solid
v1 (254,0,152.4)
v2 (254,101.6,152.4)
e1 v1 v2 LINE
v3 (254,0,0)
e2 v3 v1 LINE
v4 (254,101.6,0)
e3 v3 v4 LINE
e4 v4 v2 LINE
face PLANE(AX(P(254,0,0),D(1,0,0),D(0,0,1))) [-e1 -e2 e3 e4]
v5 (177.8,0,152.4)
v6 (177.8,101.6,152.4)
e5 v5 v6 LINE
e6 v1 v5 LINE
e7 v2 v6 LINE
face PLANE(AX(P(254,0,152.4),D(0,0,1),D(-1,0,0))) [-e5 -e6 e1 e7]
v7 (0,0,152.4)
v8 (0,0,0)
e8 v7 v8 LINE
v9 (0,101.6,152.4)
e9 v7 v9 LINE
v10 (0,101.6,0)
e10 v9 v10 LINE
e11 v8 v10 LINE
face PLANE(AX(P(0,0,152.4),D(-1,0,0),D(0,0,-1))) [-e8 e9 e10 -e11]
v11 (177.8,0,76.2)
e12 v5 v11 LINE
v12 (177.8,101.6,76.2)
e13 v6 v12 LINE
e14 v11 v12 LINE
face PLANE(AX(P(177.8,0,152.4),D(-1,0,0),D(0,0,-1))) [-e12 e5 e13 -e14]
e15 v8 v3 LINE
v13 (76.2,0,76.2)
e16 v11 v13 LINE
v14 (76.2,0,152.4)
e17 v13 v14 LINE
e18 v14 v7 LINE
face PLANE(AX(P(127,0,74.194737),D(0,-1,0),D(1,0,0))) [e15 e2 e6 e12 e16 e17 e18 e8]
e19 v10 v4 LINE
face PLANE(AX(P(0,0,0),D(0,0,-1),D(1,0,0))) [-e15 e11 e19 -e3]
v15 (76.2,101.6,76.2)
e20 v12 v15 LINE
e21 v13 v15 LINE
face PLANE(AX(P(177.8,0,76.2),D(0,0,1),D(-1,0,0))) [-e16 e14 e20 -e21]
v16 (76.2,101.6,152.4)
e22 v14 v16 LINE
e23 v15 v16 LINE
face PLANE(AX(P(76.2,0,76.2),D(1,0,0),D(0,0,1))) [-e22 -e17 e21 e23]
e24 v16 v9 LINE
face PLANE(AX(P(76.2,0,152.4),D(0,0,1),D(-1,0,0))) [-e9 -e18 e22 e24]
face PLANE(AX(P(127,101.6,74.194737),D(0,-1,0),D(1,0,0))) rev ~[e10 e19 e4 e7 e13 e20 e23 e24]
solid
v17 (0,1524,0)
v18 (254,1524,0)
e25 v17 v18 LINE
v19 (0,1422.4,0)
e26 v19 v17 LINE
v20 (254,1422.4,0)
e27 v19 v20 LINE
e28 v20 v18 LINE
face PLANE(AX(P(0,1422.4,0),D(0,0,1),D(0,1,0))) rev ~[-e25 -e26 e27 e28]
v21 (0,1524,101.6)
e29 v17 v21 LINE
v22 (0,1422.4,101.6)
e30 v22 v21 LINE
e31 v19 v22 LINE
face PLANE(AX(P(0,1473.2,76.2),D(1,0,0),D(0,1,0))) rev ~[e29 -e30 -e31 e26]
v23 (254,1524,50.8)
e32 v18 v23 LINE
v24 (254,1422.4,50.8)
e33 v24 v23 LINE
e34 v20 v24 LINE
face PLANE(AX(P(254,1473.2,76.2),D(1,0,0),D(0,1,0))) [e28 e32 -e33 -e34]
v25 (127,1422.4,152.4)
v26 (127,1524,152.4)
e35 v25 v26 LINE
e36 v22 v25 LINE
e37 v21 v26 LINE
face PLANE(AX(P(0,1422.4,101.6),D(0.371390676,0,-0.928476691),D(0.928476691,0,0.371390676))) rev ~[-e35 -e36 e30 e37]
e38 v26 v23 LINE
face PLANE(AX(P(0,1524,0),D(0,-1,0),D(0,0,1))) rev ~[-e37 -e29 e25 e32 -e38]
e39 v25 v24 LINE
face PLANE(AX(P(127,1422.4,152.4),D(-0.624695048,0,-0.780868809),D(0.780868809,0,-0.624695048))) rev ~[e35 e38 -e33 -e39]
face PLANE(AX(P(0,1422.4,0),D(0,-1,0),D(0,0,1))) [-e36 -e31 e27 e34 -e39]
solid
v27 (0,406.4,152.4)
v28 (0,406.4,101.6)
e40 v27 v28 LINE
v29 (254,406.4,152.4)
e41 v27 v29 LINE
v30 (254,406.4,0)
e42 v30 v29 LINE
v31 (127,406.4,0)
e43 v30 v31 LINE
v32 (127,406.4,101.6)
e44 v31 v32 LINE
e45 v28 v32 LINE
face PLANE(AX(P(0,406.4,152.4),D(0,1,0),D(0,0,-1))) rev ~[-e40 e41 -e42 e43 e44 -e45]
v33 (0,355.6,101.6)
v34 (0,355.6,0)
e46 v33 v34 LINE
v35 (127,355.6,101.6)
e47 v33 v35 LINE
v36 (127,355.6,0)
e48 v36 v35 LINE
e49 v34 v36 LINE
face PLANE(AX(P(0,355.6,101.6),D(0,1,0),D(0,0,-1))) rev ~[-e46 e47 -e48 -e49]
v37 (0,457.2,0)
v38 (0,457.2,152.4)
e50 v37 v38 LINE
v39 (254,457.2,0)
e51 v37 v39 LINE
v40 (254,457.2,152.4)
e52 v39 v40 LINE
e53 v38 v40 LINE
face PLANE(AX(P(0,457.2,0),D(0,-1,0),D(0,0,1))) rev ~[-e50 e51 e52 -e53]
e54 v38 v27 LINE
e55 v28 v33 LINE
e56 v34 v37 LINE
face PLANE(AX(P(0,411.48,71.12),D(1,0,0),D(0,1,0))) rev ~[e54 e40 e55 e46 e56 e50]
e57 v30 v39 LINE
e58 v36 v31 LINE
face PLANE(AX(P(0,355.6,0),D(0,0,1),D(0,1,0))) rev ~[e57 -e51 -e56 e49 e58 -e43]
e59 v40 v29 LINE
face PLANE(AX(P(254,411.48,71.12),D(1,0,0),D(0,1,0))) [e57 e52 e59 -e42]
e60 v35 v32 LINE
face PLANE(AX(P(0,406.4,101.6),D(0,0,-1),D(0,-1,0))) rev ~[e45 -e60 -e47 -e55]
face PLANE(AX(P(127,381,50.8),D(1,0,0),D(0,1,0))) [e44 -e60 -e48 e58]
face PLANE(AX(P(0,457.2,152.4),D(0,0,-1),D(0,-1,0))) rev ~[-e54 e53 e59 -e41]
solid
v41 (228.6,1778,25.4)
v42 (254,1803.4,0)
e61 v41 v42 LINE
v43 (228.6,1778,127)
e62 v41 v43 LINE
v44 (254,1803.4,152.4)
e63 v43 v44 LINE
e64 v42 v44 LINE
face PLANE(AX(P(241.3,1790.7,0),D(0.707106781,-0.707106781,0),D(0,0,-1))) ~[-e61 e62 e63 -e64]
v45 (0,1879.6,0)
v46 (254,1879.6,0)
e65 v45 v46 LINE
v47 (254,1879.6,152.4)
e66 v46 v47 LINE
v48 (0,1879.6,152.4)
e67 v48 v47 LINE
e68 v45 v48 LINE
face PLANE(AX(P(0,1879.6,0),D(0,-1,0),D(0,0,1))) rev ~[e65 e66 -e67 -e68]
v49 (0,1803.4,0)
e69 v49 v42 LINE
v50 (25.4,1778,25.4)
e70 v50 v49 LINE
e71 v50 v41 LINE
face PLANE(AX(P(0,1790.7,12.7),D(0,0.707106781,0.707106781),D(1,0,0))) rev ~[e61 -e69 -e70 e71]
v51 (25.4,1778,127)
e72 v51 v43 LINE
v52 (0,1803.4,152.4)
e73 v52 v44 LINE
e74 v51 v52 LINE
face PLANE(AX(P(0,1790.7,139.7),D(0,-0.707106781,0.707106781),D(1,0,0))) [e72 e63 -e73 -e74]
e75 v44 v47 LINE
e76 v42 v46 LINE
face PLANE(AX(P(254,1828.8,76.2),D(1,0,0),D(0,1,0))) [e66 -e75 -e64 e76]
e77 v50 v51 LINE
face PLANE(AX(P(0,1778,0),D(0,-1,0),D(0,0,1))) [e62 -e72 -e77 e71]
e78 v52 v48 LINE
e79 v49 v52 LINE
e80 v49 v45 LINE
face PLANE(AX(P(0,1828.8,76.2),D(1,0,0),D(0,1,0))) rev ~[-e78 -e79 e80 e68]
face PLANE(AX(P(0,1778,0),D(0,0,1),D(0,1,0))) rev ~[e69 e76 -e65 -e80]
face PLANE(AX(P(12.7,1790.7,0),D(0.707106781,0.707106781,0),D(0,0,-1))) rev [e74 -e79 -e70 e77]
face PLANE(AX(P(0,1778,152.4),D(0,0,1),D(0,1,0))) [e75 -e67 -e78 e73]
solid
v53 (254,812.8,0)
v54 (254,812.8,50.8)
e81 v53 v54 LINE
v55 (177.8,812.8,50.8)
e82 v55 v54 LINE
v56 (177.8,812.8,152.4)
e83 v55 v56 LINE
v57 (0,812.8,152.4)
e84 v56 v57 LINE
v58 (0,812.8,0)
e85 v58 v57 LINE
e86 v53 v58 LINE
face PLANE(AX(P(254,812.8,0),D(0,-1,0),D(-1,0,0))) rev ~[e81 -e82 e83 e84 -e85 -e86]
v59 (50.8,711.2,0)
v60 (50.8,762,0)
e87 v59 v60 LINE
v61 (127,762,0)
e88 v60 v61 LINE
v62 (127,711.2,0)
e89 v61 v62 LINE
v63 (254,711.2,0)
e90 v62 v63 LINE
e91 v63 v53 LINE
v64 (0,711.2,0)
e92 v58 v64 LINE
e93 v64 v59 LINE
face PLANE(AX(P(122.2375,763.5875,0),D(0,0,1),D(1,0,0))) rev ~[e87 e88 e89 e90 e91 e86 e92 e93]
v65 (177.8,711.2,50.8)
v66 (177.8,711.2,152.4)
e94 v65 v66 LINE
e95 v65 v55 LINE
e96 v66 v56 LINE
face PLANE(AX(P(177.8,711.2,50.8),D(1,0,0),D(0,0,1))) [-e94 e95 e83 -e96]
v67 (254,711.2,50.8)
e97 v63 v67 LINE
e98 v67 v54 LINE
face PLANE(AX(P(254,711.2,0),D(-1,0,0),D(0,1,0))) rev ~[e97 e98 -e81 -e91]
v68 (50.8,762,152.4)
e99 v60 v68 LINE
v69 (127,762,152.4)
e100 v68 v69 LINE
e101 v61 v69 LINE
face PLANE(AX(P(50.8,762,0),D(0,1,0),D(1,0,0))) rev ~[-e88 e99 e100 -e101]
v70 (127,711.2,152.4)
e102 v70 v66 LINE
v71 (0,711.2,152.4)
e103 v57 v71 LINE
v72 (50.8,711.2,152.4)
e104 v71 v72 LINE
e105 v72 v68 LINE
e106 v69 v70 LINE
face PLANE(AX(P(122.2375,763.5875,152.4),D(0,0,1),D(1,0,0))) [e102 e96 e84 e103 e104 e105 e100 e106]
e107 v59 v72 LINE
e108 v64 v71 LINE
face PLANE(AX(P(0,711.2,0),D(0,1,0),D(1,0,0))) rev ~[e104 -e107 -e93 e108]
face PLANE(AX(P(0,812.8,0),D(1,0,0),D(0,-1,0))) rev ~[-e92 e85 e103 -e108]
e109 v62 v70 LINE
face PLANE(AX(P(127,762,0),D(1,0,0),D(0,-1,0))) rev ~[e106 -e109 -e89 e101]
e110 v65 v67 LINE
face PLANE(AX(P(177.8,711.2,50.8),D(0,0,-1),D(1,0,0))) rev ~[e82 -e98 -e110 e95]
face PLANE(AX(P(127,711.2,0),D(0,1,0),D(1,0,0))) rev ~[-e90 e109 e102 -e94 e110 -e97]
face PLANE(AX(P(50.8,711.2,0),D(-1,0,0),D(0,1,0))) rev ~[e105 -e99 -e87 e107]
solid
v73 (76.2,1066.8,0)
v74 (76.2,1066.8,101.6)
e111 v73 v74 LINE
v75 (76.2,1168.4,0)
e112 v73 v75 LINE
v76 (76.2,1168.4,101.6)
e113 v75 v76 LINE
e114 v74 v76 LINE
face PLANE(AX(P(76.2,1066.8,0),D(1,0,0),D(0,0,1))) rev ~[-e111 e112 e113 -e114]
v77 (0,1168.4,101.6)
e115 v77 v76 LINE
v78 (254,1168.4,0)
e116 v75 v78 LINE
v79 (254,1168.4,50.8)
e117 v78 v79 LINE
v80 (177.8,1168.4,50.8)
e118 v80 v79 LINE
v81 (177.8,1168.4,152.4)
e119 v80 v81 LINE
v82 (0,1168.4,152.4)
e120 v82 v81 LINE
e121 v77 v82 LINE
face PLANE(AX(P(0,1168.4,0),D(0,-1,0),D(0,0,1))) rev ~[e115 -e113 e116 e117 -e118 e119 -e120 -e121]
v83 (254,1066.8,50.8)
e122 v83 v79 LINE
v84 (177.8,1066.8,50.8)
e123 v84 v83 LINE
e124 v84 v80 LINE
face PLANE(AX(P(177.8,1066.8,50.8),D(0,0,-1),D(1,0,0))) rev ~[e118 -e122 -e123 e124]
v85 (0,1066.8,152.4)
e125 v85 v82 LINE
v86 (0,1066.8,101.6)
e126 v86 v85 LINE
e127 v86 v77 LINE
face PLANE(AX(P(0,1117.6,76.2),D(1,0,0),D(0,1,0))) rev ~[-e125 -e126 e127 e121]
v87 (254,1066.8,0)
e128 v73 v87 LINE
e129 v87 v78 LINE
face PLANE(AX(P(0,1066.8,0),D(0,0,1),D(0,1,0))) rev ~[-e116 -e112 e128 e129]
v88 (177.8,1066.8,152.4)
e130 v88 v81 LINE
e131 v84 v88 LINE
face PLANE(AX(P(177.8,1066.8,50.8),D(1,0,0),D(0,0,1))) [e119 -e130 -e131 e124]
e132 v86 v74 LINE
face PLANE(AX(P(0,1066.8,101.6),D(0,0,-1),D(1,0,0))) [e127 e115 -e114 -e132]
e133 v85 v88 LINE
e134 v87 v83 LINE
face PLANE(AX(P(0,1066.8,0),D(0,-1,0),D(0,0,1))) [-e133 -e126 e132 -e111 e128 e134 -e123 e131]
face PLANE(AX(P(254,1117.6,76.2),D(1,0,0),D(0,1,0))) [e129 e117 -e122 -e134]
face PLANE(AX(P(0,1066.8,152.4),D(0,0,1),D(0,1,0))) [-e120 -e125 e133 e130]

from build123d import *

# Parameters (mm, degrees)
F1_DEPTH  = 101.6
F3_DEPTH  = 254
F4_W      = 50.8
F4_H      = 101.6
F5_DEPTH  = 127
F7_DEPTH  = 152.4
F8_W      = 76.2
F8_H      = 101.6
F9_DEPTH  = 101.6
F10_W     = 101.6
F10_H     = 152.4
F11_DEPTH = 254
F12_W     = 76.2
F12_H     = 101.6
F13_DEPTH = 101.6
F14_W     = 76.2
F14_H     = 101.6
F15_DEPTH = 101.6
F16_W     = 101.6
F16_H     = 152.4
F17_DEPTH = 254
F19_DEPTH = 101.6
F21_DEPTH = 101.6
F22_W     = 101.6
F22_H     = 152.4
F23_DEPTH = 254
F24_SIZE  = 25.4


with BuildPart() as f1:
    # F0 (on Front) → F1 (new body)
    with BuildSketch(Plane.XZ):
        Polygon((0, 152.4), (0, 0), (254, 0), (254, 152.4), (177.8, 152.4), (177.8, 76.2), (76.2, 76.2), (76.2, 152.4), align=None)
    extrude(amount=-F1_DEPTH)


with BuildPart() as f3:
    # F2 (on Right) → F3 (new body)
    with BuildSketch(Plane.YZ):
        Polygon((355.6, 101.6), (355.6, 0), (457.2, 0), (457.2, 152.4), (406.4, 152.4), (406.4, 101.6), align=None)
    extrude(amount=F3_DEPTH)

    # F4 (on face) → F5 (cut)
    with BuildSketch(Plane.YZ.offset(254)):
        with Locations((381, 50.8)):
            Rectangle(F4_W, F4_H)
    extrude(amount=-F5_DEPTH, mode=Mode.SUBTRACT)


with BuildPart() as f7:
    # F6 (on Top) → F7 (new body)
    with BuildSketch(Plane.XY):
        Polygon((0, 812.8), (0, 711.2), (50.8, 711.2), (50.8, 762), (127, 762), (127, 711.2), (254, 711.2), (254, 812.8), align=None)
    extrude(amount=F7_DEPTH)

    # F8 (on face) → F9 (cut)
    with BuildSketch(Plane.XZ.offset(-711.2)):
        with Locations((215.9, 101.6)):
            Rectangle(F8_W, F8_H)
    extrude(amount=-F9_DEPTH, mode=Mode.SUBTRACT)


with BuildPart() as f11:
    # F10 (on Right) → F11 (new body)
    with BuildSketch(Plane.YZ):
        with Locations((1117.6, 76.2)):
            Rectangle(F10_W, F10_H)
    extrude(amount=F11_DEPTH)

    # F12 (on face) → F13 (cut)
    with BuildSketch(Plane.XZ.offset(-1066.8)):
        with Locations((215.9, 101.6)):
            Rectangle(F12_W, F12_H)
    extrude(amount=-F13_DEPTH, mode=Mode.SUBTRACT)

    # F14 (on face) → F15 (cut)
    with BuildSketch(Plane.XZ.offset(-1066.8)):
        with Locations((38.1, 50.8)):
            Rectangle(F14_W, F14_H)
    extrude(amount=-F15_DEPTH, mode=Mode.SUBTRACT)


with BuildPart() as f17:
    # F16 (on Right) → F17 (new body)
    with BuildSketch(Plane.YZ):
        with Locations((1473.2, 76.2)):
            Rectangle(F16_W, F16_H)
    extrude(amount=F17_DEPTH)

    # F18 (on face) → F19 (cut)
    with BuildSketch(Plane.XZ.offset(-1422.4)):
        Polygon((127, 152.4), (254, 50.8), (254, 152.4), align=None)
    extrude(amount=-F19_DEPTH, mode=Mode.SUBTRACT)

    # F20 (on face) → F21 (cut)
    with BuildSketch(Plane.XZ.offset(-1422.4)):
        Polygon((127, 152.4), (0, 152.4), (0, 101.6), align=None)
    extrude(amount=-F21_DEPTH, mode=Mode.SUBTRACT)


with BuildPart() as f23:
    # F22 (on Right) → F23 (new body)
    with BuildSketch(Plane.YZ):
        with Locations((1828.8, 76.2)):
            Rectangle(F22_W, F22_H)
    extrude(amount=F23_DEPTH)

    # F24
    f24_edges = [f23.edges().sort_by_distance(p)[0] for p in [
        (127, 1778, 152.4),
        (127, 1778, 0),
        (0, 1778, 76.2),
        (254, 1778, 76.2),
    ]]
    chamfer(f24_edges, length=F24_SIZE)


solid = Compound([f1.part, f3.part, f7.part, f11.part, f17.part, f23.part])
